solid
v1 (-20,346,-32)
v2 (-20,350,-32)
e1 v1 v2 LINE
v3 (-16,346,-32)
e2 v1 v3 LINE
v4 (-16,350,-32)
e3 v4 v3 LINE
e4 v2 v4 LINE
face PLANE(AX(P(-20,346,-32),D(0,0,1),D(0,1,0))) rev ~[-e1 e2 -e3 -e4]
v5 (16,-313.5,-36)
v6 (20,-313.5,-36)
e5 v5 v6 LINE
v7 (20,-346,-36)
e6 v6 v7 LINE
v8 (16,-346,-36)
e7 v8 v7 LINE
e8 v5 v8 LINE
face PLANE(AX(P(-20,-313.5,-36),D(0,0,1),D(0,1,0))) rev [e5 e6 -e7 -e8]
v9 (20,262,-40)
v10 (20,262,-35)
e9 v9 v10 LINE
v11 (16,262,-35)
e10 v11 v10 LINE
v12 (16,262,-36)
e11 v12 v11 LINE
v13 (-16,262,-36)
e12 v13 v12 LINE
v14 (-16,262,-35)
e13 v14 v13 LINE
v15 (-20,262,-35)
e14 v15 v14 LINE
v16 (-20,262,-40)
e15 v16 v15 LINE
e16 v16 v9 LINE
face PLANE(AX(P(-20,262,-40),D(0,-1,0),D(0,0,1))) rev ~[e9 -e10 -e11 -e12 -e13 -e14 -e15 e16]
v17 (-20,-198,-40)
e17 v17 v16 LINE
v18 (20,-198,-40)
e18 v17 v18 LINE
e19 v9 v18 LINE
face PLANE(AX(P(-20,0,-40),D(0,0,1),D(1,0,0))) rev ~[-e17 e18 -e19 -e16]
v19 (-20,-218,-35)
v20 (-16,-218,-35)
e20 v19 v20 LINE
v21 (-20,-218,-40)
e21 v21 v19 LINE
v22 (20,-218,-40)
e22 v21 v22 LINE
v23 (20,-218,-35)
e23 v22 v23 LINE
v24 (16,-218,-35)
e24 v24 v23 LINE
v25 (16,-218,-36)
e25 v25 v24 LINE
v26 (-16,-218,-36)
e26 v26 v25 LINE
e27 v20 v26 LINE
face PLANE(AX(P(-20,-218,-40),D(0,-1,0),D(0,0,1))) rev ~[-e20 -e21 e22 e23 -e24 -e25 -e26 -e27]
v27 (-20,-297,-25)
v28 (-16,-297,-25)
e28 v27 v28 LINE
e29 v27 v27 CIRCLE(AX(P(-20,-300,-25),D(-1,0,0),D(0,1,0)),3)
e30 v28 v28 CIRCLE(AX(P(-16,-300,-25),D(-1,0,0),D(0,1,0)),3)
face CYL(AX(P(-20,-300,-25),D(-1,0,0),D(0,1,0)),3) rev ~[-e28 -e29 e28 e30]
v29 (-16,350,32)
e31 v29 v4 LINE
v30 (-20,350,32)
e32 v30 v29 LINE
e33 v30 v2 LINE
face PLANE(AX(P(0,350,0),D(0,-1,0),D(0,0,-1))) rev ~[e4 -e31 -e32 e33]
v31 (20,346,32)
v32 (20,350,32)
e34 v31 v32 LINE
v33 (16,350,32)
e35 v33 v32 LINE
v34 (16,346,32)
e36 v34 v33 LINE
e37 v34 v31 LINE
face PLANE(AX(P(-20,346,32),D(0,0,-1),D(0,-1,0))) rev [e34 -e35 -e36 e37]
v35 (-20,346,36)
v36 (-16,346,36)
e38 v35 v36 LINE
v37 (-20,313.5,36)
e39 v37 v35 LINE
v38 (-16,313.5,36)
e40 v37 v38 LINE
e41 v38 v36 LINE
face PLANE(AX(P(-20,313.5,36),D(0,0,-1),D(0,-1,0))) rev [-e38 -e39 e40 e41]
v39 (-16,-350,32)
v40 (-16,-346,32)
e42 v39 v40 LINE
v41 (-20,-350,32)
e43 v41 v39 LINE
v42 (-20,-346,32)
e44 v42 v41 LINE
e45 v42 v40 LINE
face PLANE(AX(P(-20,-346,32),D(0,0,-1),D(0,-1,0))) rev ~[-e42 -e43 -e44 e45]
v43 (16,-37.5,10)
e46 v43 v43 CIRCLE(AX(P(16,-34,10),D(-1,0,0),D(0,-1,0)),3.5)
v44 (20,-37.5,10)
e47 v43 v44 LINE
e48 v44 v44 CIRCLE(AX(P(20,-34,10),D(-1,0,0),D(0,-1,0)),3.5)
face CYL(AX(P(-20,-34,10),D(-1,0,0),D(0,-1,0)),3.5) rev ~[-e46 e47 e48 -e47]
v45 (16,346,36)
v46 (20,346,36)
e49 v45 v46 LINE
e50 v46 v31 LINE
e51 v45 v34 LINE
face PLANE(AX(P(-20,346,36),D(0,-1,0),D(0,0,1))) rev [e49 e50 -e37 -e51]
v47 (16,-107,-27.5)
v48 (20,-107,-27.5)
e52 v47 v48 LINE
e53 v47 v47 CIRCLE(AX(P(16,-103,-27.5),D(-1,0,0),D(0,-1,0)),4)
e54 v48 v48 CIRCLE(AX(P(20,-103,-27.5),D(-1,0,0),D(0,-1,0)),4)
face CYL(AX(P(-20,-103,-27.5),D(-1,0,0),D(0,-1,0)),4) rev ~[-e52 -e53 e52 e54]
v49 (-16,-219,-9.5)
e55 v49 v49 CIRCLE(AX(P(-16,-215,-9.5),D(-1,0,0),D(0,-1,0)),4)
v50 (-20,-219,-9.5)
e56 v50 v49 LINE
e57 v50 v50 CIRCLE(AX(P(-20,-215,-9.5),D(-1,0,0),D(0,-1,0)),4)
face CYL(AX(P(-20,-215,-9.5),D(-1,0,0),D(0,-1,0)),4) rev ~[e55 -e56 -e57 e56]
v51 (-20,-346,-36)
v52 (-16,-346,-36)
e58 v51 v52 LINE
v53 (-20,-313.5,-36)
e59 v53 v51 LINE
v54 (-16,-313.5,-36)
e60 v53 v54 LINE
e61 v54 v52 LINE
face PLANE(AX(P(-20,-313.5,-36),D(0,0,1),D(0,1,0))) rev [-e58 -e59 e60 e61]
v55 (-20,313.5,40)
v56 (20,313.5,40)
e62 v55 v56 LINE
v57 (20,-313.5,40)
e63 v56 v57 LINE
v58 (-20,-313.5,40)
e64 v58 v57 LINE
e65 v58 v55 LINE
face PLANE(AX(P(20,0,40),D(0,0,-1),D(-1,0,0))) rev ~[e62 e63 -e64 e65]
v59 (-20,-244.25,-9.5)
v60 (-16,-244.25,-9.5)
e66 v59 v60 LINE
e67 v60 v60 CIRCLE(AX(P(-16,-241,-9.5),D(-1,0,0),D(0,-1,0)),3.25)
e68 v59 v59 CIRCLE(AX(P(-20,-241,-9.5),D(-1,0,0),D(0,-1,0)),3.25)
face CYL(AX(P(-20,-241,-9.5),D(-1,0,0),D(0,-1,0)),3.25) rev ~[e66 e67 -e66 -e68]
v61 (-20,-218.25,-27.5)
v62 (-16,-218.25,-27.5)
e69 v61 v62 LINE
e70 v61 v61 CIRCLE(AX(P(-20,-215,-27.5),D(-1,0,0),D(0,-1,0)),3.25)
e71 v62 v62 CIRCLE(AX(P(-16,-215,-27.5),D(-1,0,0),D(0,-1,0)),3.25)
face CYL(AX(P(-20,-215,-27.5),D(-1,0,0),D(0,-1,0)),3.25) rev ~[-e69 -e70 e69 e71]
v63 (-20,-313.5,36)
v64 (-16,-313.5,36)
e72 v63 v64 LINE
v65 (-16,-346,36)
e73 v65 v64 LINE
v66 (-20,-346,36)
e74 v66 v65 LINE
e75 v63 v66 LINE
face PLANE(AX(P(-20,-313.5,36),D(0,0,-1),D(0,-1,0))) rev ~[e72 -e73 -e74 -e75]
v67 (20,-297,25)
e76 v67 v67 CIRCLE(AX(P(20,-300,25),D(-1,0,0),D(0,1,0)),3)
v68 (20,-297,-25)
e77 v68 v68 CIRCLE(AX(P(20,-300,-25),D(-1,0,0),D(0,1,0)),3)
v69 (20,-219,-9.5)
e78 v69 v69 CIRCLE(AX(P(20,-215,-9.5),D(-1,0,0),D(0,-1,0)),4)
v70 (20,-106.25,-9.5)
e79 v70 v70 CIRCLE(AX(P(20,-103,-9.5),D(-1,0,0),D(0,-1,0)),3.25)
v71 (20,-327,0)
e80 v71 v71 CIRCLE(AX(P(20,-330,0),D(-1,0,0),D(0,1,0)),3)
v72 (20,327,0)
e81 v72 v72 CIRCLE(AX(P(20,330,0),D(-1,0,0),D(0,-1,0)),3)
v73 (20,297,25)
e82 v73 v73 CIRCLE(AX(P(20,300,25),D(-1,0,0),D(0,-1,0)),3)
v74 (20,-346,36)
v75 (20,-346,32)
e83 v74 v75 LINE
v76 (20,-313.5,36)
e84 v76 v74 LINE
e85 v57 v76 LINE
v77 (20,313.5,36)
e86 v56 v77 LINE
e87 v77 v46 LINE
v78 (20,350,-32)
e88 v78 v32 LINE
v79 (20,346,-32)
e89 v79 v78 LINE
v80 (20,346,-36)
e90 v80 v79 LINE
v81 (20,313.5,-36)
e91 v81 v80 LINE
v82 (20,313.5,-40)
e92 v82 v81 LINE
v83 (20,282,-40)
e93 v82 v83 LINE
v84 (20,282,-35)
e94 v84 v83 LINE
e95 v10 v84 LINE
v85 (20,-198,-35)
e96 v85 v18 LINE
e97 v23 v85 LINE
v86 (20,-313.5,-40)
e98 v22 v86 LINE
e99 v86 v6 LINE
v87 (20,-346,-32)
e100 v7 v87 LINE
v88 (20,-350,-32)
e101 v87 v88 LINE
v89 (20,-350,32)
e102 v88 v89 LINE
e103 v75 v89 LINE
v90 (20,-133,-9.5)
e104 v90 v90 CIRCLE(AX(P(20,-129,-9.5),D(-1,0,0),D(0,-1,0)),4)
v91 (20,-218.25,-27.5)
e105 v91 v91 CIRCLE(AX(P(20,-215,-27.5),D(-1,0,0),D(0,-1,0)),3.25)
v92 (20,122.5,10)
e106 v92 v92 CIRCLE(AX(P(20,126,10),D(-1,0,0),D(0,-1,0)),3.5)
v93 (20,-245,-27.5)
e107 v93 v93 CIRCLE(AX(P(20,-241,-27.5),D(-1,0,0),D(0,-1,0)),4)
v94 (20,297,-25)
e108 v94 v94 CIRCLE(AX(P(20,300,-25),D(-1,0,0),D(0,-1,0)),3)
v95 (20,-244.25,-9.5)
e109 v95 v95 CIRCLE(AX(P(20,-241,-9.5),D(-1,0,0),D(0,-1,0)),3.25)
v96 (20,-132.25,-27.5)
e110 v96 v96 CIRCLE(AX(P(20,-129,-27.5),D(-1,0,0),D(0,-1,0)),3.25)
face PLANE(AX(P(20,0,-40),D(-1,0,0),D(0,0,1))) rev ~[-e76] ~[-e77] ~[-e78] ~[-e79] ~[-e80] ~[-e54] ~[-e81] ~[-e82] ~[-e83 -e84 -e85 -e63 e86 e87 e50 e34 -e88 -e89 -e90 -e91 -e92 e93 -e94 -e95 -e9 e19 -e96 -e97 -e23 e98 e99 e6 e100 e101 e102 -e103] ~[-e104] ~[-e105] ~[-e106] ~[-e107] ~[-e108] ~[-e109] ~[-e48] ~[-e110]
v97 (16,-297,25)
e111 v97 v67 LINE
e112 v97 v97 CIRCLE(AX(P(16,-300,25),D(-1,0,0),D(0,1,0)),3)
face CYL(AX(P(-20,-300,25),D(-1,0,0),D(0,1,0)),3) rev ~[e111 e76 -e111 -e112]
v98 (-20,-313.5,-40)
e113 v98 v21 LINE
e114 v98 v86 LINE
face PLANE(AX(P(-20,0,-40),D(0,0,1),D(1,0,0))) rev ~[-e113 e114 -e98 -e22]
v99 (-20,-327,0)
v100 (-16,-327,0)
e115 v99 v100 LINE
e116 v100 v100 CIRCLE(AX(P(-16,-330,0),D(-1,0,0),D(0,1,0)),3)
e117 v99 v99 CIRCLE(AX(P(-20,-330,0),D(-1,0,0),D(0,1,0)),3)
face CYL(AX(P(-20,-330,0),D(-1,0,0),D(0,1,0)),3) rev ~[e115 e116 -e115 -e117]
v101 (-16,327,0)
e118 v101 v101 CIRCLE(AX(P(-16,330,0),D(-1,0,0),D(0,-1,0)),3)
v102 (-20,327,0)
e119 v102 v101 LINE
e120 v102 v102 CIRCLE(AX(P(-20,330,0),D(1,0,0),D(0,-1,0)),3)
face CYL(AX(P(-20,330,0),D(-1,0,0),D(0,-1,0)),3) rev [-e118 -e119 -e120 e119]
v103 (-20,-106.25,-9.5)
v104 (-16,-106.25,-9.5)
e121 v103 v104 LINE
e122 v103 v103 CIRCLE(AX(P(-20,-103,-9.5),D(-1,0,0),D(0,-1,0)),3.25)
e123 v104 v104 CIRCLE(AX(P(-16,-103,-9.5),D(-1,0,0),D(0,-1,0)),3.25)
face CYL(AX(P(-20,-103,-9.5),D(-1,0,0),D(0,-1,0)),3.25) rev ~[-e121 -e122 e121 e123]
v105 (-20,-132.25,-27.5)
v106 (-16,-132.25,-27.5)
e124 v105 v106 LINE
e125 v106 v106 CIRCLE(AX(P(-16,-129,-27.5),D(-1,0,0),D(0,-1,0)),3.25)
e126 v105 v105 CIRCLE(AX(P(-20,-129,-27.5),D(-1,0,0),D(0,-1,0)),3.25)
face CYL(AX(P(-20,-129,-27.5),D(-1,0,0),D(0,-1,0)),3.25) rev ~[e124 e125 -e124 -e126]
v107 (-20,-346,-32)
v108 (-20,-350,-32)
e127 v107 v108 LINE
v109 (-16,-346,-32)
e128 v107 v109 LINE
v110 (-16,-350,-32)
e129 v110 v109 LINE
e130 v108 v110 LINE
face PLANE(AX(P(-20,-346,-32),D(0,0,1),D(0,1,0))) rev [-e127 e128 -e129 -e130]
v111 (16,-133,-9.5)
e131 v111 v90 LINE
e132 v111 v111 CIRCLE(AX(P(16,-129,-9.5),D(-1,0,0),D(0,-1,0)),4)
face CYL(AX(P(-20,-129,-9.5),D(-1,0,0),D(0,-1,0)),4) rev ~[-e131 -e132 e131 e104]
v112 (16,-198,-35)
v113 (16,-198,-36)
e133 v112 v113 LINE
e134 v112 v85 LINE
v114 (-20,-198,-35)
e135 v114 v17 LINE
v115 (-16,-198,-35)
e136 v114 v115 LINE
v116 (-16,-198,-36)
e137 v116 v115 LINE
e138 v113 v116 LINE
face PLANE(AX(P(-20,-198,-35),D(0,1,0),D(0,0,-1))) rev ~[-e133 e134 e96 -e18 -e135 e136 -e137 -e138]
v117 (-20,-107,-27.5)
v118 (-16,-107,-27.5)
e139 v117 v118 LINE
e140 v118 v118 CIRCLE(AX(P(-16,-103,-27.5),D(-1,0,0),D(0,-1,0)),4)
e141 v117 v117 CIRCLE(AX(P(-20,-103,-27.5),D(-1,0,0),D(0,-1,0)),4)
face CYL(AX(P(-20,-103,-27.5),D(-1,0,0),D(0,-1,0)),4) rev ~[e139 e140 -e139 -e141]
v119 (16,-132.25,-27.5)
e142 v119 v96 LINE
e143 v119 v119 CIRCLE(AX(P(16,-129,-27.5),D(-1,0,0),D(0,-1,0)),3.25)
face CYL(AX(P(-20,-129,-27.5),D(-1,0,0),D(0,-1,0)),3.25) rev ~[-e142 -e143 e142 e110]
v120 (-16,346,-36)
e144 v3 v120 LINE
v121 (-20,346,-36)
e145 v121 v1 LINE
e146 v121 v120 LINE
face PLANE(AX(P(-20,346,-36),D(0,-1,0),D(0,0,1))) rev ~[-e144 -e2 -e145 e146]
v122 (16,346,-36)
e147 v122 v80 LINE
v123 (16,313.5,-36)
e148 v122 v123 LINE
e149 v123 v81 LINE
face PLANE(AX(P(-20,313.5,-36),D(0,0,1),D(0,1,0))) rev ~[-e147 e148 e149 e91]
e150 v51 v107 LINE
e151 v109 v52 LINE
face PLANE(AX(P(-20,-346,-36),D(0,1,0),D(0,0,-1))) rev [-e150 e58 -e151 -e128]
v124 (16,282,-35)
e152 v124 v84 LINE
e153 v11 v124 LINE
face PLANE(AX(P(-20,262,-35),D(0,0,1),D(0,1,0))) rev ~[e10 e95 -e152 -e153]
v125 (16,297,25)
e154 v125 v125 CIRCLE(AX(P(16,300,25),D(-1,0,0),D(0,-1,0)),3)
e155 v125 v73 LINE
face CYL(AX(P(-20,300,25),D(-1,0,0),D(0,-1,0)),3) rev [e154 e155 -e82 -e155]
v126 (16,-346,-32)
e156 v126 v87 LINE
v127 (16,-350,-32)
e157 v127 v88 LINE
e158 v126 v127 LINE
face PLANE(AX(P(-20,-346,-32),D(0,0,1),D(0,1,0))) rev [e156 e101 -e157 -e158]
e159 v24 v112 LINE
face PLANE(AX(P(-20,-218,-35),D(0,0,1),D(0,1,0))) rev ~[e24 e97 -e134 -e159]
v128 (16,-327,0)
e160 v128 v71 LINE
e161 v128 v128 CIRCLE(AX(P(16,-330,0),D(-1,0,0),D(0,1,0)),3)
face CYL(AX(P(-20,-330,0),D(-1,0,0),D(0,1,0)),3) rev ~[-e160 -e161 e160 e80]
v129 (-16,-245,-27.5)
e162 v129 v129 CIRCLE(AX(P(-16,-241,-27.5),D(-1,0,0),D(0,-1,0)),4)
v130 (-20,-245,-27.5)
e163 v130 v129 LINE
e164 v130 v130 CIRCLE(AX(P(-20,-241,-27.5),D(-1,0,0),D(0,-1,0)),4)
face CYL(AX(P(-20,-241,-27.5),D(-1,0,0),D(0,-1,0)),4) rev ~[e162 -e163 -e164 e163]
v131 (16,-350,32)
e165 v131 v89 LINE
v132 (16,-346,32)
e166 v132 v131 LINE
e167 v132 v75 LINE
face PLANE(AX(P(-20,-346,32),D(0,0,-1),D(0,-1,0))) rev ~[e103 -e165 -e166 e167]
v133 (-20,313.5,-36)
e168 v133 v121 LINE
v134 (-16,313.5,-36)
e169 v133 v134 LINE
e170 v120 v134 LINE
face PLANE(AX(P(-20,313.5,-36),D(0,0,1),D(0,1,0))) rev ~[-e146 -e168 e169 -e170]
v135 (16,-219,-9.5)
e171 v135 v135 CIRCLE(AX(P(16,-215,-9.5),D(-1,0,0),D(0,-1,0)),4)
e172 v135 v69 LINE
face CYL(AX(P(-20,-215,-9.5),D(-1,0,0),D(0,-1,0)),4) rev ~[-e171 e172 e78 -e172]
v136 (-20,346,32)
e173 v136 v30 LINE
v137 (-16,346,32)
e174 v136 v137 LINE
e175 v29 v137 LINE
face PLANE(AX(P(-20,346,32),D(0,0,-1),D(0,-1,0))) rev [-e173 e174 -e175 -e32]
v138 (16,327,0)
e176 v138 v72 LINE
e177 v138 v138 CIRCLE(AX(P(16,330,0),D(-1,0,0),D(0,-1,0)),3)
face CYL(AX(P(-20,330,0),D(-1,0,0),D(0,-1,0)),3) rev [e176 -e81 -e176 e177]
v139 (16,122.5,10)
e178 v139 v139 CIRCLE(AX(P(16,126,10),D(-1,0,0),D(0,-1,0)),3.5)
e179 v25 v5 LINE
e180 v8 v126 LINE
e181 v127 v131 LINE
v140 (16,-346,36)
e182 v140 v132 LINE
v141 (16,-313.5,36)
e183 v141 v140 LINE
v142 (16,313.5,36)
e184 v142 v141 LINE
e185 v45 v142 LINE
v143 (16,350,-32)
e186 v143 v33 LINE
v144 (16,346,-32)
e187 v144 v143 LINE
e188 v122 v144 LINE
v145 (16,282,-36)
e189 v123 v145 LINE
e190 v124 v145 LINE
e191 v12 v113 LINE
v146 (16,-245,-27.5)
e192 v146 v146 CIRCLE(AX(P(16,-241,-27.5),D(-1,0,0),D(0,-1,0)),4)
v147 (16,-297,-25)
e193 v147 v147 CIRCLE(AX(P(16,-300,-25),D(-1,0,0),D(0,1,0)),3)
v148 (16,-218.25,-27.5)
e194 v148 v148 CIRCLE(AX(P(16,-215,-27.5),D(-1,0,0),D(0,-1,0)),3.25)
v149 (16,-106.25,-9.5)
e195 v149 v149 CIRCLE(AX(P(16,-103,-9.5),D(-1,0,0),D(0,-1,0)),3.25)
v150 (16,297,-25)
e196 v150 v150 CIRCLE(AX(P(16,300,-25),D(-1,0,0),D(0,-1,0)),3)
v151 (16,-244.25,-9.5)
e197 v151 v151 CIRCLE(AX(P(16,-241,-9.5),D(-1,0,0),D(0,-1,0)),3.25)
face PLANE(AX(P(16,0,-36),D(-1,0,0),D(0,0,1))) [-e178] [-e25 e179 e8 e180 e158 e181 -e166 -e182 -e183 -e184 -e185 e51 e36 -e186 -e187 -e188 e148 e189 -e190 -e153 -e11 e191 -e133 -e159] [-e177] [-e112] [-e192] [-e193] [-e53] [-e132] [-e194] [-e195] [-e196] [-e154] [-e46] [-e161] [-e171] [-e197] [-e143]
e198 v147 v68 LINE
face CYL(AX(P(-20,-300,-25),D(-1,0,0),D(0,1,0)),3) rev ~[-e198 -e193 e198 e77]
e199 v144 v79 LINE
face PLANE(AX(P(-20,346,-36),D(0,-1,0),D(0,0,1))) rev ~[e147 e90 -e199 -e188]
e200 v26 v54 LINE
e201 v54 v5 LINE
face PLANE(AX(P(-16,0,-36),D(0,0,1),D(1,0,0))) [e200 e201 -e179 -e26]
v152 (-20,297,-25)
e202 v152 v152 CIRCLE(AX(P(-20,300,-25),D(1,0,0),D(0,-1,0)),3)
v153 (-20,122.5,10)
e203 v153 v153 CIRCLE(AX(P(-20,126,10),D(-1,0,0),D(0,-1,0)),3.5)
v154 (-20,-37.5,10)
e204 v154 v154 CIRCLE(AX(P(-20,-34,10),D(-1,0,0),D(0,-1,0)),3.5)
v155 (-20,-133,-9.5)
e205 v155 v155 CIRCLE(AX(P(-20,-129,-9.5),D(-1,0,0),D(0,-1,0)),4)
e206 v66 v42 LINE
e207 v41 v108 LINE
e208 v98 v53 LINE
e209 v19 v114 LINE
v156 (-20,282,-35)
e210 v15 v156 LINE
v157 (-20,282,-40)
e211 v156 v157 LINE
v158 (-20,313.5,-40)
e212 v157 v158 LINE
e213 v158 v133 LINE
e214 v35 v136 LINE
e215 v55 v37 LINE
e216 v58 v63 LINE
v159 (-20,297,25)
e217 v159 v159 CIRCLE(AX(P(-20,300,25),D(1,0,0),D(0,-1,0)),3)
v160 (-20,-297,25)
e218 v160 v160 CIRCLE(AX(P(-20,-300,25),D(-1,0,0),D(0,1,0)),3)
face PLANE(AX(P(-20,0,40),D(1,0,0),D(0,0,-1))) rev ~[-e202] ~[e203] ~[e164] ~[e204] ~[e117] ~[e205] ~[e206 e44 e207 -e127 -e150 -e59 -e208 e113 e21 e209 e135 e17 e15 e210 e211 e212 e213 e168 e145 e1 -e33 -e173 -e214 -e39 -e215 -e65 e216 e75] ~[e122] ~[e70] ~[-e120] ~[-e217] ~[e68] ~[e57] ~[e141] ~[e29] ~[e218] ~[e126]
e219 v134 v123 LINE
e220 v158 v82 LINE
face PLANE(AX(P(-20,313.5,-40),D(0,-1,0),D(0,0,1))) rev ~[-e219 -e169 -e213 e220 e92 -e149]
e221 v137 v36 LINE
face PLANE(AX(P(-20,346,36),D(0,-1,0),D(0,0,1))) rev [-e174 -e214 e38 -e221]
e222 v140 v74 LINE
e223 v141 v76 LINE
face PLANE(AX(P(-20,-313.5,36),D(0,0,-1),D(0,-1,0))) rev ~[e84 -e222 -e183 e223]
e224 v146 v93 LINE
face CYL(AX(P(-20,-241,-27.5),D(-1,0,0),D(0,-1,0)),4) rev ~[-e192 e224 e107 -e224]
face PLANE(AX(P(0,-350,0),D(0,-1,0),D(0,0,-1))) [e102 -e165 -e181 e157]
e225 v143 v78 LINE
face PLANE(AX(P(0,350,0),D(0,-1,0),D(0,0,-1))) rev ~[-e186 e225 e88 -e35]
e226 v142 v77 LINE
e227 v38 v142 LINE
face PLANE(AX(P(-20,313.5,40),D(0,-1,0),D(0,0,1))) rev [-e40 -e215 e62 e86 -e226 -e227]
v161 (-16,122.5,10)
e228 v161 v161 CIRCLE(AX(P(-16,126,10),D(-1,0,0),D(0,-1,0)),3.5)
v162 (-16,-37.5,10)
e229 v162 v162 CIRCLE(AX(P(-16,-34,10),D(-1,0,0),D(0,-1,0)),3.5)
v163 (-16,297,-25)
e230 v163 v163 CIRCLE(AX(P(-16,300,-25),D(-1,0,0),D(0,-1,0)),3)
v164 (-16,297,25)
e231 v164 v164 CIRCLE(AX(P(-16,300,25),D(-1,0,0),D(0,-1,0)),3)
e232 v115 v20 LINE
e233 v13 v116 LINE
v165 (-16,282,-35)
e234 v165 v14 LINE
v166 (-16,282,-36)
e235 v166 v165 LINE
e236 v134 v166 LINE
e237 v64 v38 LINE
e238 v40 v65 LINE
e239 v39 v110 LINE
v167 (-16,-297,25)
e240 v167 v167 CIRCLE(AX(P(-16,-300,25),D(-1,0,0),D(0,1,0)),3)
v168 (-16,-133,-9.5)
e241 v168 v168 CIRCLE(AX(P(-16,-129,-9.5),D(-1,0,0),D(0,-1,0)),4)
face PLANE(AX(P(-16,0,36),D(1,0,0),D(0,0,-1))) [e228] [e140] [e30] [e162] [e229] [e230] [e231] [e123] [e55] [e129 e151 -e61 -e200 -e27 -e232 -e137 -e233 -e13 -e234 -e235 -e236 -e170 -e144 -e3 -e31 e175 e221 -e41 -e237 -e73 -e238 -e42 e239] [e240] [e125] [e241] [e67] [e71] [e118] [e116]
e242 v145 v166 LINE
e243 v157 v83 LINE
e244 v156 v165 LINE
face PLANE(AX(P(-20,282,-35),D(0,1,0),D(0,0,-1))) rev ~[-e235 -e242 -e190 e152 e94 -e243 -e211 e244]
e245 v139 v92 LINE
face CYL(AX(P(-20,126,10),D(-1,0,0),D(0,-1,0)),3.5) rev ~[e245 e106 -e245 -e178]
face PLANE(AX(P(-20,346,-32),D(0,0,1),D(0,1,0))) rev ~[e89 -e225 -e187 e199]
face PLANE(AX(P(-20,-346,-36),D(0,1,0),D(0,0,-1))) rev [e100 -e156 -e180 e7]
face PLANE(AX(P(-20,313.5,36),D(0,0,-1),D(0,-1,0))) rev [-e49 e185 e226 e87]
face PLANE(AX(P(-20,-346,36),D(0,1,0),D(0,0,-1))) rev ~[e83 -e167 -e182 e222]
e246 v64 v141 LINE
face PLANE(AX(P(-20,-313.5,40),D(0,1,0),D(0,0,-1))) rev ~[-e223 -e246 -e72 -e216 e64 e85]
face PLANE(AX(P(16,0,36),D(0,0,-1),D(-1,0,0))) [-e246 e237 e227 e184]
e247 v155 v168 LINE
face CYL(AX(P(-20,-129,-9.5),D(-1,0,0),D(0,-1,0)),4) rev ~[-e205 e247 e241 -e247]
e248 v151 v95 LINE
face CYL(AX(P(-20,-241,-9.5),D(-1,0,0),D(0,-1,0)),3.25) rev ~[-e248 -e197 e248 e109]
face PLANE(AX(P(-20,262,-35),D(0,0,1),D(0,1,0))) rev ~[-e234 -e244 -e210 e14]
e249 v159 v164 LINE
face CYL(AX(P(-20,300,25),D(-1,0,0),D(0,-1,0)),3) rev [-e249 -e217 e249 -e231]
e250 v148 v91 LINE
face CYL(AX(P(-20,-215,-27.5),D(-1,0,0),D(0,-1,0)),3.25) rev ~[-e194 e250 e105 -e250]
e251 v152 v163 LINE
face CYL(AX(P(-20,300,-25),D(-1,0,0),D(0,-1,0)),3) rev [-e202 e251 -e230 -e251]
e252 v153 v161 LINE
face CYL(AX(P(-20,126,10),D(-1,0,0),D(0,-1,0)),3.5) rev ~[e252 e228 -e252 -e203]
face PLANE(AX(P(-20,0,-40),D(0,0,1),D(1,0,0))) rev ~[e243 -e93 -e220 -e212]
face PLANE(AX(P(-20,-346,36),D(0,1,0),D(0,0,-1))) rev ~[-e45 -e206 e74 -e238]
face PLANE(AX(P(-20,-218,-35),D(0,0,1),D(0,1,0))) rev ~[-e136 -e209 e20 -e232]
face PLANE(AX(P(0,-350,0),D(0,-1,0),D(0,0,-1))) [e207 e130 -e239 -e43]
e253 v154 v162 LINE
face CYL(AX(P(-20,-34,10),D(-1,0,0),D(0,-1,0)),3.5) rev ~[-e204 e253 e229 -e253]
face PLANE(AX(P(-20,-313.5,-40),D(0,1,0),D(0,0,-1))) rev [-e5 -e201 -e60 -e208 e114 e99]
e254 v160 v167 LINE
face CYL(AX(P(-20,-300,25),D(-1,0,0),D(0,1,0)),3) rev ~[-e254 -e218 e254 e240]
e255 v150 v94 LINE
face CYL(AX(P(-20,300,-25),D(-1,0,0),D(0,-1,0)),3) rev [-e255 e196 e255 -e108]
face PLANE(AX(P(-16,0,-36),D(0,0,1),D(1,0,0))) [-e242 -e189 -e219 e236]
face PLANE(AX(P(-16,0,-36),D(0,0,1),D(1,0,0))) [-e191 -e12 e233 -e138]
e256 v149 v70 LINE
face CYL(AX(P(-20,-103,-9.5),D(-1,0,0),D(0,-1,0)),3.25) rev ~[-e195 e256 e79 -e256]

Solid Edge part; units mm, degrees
sketch "Sketch1" plane through (0, 0, 0) normal (0, -1, 0) x (1, 0, 0)
  line L0 (-16, -36) -> (16, -36)
  line L1 (16, -36) -> (16, 36)
  line L2 (16, 36) -> (-16, 36)
  line L3 (-16, 36) -> (-16, -36)
  line L4 (-20, -40) -> (20, -40)
  line L5 (20, -40) -> (20, 40)
  line L6 (20, 40) -> (-20, 40)
  line L7 (-20, 40) -> (-20, -40)
  dimension "D1" = 20
  dimension "D2" = 20
extrude "Protrusion1" add sketch "Sketch1" along normal mid plane 700
sketch "Sketch2" plane through (-20, 0, 0) normal (-1, 0, 0) x (0, -1, 0)
  line L0 (198, -40) -> (218, -40)
  line L1 (218, -40) -> (218, -35)
  line L2 (218, -35) -> (198, -35)
  line L3 (198, -35) -> (198, -40)
  line L4 (-282, -40) -> (-262, -40)
  line L5 (-262, -40) -> (-262, -35)
  line L6 (-262, -35) -> (-282, -35)
  line L7 (-282, -35) -> (-282, -40)
  dimension "D1" = 262
  dimension "D2" = 262
  dimension "D3" = 218
  dimension "D4" = 198
extrude "Cutout1" cut sketch "Sketch2" against normal through all
sketch "Sketch3" plane through (-20, 0, 0) normal (-1, 0, 0) x (0, -1, 0)
  circle A0 centre (-126, 10) radius 3.5
  circle A1 centre (34, 10) radius 3.5
  dimension "D1" = 126
  dimension "D2" = 126
extrude "Cutout2" cut sketch "Sketch3" against normal through all
sketch "Sketch4" plane through (-20, 0, 0) normal (-1, 0, 0) x (0, -1, 0)
  line L0 (350, 40) -> (313.5, 40)
  line L1 (313.5, 40) -> (313.5, 36)
  line L2 (313.5, 36) -> (346, 36)
  line L3 (346, 36) -> (346, 32)
  line L4 (346, 32) -> (350, 32)
  line L5 (350, 32) -> (350, 40)
  dimension "D1" = 350
  dimension "D2" = 313.5
  dimension "D3" = 346
  dimension "D4" = 346
extrude "Cutout3" cut sketch "Sketch4" against normal through all
mirror "Mirror1" about plane through (0, 0, 0) normal (0, 0, 1) of "Cutout3"
mirror "Mirror2" about plane through (0, 0, 0) normal (0, -1, 0) of "Cutout3", "Mirror1"
sketch "Sketch5" plane through (-20, 0, 0) normal (-1, 0, 0) x (0, 1, 0)
  circle A0 centre (-330, 0) radius 3
  circle A1 centre (-300, -25) radius 3
  circle A2 centre (-300, 25) radius 3
  dimension "D1" = 330
extrude "Cutout4" cut sketch "Sketch5" against normal through all
mirror "Mirror3" about plane through (0, 0, 0) normal (0, -1, 0) of "Cutout4"
sketch "Sketch6" plane through (-20, 0, 0) normal (-1, 0, 0) x (0, -1, 0)
  circle A0 centre (241, -27.5) radius 4
  circle A1 centre (241, -9.5) radius 3.25
  circle A2 centre (215, -27.5) radius 3.25
  circle A3 centre (215, -9.5) radius 4
  circle A4 centre (129, -9.5) radius 4
  circle A5 centre (103, -9.5) radius 3.25
  circle A6 centre (103, -27.5) radius 4
  circle A7 centre (129, -27.5) radius 3.25
extrude "Cutout5" cut sketch "Sketch6" against normal through all
properties material "AlSi7Mg"
